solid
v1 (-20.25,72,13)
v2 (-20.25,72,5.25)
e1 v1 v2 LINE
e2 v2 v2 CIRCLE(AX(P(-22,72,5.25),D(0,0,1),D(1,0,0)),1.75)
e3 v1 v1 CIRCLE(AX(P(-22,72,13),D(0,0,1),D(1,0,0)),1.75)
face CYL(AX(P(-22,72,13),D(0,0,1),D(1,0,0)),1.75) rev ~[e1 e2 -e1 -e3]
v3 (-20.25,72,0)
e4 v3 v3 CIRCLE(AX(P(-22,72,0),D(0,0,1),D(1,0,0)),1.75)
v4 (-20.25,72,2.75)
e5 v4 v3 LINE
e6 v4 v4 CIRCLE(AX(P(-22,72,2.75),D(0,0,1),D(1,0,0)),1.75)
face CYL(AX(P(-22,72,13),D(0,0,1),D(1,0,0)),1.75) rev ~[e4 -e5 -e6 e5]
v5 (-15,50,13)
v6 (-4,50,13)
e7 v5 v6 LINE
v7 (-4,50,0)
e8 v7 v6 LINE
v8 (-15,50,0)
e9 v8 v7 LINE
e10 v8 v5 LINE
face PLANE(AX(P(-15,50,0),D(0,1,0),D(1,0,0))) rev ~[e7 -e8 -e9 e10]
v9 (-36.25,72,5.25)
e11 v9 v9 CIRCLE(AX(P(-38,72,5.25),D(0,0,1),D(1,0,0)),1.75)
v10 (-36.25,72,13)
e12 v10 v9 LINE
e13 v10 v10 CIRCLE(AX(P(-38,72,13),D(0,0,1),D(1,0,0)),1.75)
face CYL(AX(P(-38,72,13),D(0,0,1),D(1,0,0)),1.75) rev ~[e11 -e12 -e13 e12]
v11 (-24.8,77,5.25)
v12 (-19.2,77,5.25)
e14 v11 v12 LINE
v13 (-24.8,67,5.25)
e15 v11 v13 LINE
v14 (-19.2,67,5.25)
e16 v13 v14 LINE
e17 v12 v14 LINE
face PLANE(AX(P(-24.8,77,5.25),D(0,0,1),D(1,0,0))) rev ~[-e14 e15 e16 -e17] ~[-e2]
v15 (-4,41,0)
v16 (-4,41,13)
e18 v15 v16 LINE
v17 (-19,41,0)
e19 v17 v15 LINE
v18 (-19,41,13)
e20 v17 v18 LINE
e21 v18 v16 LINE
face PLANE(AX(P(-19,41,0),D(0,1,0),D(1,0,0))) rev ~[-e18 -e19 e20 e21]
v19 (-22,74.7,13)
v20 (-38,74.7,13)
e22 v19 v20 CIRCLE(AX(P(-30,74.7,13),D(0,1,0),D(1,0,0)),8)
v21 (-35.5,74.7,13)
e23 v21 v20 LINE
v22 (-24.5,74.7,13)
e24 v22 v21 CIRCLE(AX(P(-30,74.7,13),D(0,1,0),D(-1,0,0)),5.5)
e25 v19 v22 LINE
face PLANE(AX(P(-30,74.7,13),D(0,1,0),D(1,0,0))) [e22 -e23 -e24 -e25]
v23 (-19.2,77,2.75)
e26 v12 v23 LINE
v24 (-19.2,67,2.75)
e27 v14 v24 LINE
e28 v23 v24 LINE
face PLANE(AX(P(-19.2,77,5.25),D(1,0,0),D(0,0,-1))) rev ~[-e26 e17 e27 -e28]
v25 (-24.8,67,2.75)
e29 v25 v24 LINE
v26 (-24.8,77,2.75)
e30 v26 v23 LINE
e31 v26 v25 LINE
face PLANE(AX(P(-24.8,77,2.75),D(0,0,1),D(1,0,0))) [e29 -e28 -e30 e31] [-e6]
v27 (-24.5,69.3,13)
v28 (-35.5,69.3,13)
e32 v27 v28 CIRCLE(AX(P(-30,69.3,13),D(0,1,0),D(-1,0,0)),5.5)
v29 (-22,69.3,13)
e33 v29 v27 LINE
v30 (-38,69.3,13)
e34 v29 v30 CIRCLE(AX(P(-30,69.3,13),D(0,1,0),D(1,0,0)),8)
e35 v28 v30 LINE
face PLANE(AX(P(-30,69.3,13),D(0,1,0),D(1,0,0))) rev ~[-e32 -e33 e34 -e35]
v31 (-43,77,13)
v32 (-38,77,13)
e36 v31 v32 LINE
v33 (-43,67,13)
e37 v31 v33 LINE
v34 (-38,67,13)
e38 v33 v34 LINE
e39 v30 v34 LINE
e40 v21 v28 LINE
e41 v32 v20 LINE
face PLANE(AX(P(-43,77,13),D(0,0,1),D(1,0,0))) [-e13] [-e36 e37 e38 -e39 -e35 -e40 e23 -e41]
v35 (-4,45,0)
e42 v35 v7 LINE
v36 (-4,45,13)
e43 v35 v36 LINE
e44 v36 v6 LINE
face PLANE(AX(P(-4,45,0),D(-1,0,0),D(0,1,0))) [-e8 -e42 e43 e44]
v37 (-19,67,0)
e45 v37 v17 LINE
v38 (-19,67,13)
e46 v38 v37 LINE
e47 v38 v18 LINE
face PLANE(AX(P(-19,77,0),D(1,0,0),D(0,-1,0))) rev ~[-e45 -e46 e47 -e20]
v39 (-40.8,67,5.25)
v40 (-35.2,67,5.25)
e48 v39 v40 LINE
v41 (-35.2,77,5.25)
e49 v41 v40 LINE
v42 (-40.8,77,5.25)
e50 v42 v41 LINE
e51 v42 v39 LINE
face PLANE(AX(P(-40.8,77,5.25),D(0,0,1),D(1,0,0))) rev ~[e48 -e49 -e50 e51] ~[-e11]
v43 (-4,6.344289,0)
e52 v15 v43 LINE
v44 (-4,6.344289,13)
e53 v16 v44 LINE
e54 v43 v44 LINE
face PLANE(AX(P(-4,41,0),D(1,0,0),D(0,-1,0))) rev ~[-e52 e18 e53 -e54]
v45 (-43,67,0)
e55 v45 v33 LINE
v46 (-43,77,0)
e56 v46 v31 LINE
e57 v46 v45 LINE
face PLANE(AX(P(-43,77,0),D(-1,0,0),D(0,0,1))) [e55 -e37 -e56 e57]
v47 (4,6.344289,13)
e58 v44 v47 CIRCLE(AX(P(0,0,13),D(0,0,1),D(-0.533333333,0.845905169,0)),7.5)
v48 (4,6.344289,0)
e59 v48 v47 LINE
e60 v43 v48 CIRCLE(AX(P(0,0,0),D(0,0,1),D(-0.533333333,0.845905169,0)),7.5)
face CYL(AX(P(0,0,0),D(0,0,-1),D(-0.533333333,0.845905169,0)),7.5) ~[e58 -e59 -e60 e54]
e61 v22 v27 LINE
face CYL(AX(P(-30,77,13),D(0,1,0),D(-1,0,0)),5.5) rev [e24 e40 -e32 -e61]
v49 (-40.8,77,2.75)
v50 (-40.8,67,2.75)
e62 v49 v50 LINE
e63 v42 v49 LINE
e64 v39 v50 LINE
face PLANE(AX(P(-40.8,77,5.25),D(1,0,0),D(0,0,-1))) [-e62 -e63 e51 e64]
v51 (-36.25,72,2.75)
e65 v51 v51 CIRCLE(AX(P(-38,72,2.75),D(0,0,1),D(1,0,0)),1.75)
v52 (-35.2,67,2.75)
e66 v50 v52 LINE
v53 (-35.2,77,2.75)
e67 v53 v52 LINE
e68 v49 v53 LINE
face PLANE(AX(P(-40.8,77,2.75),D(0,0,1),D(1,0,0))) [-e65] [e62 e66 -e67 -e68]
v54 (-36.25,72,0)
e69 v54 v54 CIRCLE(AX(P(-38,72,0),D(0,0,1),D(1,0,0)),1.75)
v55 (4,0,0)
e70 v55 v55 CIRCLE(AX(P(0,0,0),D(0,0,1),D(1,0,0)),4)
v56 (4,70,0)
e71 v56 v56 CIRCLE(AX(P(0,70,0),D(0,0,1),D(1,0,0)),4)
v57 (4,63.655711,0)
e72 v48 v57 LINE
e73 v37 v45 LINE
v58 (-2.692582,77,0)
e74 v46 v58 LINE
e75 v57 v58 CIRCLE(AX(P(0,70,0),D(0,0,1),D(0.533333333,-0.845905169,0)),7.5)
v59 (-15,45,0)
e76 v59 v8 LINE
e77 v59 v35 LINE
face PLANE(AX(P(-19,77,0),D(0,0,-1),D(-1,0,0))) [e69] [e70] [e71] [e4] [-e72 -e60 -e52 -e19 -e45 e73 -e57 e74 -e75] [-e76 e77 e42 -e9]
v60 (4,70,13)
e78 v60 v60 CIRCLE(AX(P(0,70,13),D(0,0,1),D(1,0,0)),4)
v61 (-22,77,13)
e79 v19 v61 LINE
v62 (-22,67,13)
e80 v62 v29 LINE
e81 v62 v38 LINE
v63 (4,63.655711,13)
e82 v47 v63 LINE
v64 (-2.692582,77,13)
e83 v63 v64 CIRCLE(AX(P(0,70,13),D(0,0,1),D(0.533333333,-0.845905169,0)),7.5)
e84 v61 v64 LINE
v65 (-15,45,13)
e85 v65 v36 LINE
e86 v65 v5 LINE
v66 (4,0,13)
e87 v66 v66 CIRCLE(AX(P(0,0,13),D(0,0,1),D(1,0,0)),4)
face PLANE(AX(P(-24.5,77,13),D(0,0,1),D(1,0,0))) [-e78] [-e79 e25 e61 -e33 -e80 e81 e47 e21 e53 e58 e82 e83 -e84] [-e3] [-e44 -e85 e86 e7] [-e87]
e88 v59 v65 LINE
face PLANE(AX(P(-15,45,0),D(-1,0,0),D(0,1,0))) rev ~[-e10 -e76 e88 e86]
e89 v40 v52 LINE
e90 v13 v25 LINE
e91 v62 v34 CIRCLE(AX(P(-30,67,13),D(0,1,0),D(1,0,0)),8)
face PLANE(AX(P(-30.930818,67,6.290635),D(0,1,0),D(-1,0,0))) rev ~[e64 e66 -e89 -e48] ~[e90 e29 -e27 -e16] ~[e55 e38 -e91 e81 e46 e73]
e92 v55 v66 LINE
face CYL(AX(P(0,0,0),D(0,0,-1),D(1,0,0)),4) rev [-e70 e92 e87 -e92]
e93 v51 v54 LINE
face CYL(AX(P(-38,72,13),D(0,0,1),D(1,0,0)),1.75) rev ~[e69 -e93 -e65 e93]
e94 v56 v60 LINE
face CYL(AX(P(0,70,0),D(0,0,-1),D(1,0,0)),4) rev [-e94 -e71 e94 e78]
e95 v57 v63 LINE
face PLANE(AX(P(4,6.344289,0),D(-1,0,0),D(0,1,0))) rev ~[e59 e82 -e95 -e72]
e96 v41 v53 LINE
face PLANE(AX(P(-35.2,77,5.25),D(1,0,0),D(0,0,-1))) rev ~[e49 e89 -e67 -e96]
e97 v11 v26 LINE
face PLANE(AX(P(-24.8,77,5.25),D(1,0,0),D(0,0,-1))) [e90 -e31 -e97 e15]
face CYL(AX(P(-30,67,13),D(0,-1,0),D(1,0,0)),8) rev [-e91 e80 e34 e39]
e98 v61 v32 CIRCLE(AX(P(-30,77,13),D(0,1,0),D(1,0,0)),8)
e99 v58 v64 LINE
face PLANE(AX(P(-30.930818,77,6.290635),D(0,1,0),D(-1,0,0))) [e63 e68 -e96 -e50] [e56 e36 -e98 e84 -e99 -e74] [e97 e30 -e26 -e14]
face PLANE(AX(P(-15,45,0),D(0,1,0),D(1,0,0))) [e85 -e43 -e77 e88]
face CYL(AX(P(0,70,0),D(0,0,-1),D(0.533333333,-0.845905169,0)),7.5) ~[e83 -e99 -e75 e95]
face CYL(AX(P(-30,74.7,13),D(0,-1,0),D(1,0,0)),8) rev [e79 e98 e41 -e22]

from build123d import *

# Parameters (mm, degrees)
ESBO_O1_R                = 4
ESBO_O1_W                = 11
ESBO_O1_H                = 5
RESSALTO_EXTRUS_O1_DEPTH = 13
RESSALTO_EXTRUS_O3_START = -36
RESSALTO_EXTRUS_O3_DEPTH = 10
CORTE_EXTRUS_O2_START    = -10
ESBO_O7_R                = 8
CORTE_EXTRUS_O2_DEPTH    = 2.3
CORTE_EXTRUS_O3_START    = -2.3
ESBO_O7_2_R              = 8
CORTE_EXTRUS_O3_DEPTH    = 2.3
ESBO_O8_W                = 5.6
ESBO_O8_H                = 2.5
CORTE_EXTRUS_O4_DEPTH    = 10
ESBO_O9_R                = 1.75
CORTE_EXTRUS_O5_DEPTH    = 90.578178146


with BuildPart() as part:
    # Esboço1 → Ressalto-extrusão1 (new body)
    with BuildSketch(Plane.XY):
        with BuildLine():
            Line((4, 63.65571123), (4, 6.34428877))
            ThreePointArc((4, 6.34428877), (0, -7.5), (-4, 6.34428877))
            Line((-4, 6.34428877), (-4, 41))
            Line((-4, 41), (-19, 41))
            Line((-19, 41), (-19, 53))
            Line((-19, 53), (-19, 77))
            Line((-19, 77), (-2.692582404, 77))
            ThreePointArc((-2.692582404, 77), (6.704091727, 73.362313803), (4, 63.65571123))
        make_face()
        with Locations((0, 70)):
            Circle(ESBO_O1_R, mode=Mode.SUBTRACT)
        Circle(ESBO_O1_R, mode=Mode.SUBTRACT)
        with Locations((-9.5, 47.5)):
            Rectangle(ESBO_O1_W, ESBO_O1_H, mode=Mode.SUBTRACT)
    extrude(amount=RESSALTO_EXTRUS_O1_DEPTH)

    # Esboço5 → Ressalto-extrusão3 (add)
    with BuildSketch(Plane.XZ.offset(-41).offset(RESSALTO_EXTRUS_O3_START)):
        with BuildLine():
            Line((-21, 13), (-19, 13))
            Line((-19, 13), (-19, 0))
            Line((-19, 0), (-43, 0))
            Line((-43, 0), (-43, 13))
            Line((-43, 13), (-35.5, 13))
            ThreePointArc((-35.5, 13), (-30, 7.5), (-24.5, 13))
            Line((-24.5, 13), (-21, 13))
        make_face()
    extrude(amount=RESSALTO_EXTRUS_O3_DEPTH)

    # Esboço7 → Corte-extrusão2 (cut)
    with BuildSketch(Plane(origin=(0, 77, 0), x_dir=(1, 0, 0), z_dir=(0, 1, 0)).offset(CORTE_EXTRUS_O2_START)):
        with Locations((-30, -13)):
            Circle(ESBO_O7_R)
    extrude(amount=CORTE_EXTRUS_O2_DEPTH, mode=Mode.SUBTRACT)

    # Esboço7<2> → Corte-extrusão3 (cut)
    with BuildSketch(Plane(origin=(0, 77, 0), x_dir=(1, 0, 0), z_dir=(0, 1, 0)).offset(CORTE_EXTRUS_O3_START)):
        with Locations((-30, -13)):
            Circle(ESBO_O7_2_R)
    extrude(amount=CORTE_EXTRUS_O3_DEPTH, mode=Mode.SUBTRACT)

    # Esboço8 → Corte-extrusão4 (cut)
    with BuildSketch(Plane(origin=(0, 77, 0), x_dir=(1, 0, 0), z_dir=(0, 1, 0))):
        with Locations((-38, -4)):
            Rectangle(ESBO_O8_W, ESBO_O8_H)
        with Locations((-22, -4)):
            Rectangle(ESBO_O8_W, ESBO_O8_H)
    extrude(amount=-CORTE_EXTRUS_O4_DEPTH, mode=Mode.SUBTRACT)

    # Esboço9 → Corte-extrusão5 (cut, through all)
    with BuildSketch(Plane.XY.offset(13)):
        with Locations((-38, 72)):
            Circle(ESBO_O9_R)
        with Locations((-22, 72)):
            Circle(ESBO_O9_R)
    extrude(amount=-CORTE_EXTRUS_O5_DEPTH, mode=Mode.SUBTRACT)


solid = part.part
